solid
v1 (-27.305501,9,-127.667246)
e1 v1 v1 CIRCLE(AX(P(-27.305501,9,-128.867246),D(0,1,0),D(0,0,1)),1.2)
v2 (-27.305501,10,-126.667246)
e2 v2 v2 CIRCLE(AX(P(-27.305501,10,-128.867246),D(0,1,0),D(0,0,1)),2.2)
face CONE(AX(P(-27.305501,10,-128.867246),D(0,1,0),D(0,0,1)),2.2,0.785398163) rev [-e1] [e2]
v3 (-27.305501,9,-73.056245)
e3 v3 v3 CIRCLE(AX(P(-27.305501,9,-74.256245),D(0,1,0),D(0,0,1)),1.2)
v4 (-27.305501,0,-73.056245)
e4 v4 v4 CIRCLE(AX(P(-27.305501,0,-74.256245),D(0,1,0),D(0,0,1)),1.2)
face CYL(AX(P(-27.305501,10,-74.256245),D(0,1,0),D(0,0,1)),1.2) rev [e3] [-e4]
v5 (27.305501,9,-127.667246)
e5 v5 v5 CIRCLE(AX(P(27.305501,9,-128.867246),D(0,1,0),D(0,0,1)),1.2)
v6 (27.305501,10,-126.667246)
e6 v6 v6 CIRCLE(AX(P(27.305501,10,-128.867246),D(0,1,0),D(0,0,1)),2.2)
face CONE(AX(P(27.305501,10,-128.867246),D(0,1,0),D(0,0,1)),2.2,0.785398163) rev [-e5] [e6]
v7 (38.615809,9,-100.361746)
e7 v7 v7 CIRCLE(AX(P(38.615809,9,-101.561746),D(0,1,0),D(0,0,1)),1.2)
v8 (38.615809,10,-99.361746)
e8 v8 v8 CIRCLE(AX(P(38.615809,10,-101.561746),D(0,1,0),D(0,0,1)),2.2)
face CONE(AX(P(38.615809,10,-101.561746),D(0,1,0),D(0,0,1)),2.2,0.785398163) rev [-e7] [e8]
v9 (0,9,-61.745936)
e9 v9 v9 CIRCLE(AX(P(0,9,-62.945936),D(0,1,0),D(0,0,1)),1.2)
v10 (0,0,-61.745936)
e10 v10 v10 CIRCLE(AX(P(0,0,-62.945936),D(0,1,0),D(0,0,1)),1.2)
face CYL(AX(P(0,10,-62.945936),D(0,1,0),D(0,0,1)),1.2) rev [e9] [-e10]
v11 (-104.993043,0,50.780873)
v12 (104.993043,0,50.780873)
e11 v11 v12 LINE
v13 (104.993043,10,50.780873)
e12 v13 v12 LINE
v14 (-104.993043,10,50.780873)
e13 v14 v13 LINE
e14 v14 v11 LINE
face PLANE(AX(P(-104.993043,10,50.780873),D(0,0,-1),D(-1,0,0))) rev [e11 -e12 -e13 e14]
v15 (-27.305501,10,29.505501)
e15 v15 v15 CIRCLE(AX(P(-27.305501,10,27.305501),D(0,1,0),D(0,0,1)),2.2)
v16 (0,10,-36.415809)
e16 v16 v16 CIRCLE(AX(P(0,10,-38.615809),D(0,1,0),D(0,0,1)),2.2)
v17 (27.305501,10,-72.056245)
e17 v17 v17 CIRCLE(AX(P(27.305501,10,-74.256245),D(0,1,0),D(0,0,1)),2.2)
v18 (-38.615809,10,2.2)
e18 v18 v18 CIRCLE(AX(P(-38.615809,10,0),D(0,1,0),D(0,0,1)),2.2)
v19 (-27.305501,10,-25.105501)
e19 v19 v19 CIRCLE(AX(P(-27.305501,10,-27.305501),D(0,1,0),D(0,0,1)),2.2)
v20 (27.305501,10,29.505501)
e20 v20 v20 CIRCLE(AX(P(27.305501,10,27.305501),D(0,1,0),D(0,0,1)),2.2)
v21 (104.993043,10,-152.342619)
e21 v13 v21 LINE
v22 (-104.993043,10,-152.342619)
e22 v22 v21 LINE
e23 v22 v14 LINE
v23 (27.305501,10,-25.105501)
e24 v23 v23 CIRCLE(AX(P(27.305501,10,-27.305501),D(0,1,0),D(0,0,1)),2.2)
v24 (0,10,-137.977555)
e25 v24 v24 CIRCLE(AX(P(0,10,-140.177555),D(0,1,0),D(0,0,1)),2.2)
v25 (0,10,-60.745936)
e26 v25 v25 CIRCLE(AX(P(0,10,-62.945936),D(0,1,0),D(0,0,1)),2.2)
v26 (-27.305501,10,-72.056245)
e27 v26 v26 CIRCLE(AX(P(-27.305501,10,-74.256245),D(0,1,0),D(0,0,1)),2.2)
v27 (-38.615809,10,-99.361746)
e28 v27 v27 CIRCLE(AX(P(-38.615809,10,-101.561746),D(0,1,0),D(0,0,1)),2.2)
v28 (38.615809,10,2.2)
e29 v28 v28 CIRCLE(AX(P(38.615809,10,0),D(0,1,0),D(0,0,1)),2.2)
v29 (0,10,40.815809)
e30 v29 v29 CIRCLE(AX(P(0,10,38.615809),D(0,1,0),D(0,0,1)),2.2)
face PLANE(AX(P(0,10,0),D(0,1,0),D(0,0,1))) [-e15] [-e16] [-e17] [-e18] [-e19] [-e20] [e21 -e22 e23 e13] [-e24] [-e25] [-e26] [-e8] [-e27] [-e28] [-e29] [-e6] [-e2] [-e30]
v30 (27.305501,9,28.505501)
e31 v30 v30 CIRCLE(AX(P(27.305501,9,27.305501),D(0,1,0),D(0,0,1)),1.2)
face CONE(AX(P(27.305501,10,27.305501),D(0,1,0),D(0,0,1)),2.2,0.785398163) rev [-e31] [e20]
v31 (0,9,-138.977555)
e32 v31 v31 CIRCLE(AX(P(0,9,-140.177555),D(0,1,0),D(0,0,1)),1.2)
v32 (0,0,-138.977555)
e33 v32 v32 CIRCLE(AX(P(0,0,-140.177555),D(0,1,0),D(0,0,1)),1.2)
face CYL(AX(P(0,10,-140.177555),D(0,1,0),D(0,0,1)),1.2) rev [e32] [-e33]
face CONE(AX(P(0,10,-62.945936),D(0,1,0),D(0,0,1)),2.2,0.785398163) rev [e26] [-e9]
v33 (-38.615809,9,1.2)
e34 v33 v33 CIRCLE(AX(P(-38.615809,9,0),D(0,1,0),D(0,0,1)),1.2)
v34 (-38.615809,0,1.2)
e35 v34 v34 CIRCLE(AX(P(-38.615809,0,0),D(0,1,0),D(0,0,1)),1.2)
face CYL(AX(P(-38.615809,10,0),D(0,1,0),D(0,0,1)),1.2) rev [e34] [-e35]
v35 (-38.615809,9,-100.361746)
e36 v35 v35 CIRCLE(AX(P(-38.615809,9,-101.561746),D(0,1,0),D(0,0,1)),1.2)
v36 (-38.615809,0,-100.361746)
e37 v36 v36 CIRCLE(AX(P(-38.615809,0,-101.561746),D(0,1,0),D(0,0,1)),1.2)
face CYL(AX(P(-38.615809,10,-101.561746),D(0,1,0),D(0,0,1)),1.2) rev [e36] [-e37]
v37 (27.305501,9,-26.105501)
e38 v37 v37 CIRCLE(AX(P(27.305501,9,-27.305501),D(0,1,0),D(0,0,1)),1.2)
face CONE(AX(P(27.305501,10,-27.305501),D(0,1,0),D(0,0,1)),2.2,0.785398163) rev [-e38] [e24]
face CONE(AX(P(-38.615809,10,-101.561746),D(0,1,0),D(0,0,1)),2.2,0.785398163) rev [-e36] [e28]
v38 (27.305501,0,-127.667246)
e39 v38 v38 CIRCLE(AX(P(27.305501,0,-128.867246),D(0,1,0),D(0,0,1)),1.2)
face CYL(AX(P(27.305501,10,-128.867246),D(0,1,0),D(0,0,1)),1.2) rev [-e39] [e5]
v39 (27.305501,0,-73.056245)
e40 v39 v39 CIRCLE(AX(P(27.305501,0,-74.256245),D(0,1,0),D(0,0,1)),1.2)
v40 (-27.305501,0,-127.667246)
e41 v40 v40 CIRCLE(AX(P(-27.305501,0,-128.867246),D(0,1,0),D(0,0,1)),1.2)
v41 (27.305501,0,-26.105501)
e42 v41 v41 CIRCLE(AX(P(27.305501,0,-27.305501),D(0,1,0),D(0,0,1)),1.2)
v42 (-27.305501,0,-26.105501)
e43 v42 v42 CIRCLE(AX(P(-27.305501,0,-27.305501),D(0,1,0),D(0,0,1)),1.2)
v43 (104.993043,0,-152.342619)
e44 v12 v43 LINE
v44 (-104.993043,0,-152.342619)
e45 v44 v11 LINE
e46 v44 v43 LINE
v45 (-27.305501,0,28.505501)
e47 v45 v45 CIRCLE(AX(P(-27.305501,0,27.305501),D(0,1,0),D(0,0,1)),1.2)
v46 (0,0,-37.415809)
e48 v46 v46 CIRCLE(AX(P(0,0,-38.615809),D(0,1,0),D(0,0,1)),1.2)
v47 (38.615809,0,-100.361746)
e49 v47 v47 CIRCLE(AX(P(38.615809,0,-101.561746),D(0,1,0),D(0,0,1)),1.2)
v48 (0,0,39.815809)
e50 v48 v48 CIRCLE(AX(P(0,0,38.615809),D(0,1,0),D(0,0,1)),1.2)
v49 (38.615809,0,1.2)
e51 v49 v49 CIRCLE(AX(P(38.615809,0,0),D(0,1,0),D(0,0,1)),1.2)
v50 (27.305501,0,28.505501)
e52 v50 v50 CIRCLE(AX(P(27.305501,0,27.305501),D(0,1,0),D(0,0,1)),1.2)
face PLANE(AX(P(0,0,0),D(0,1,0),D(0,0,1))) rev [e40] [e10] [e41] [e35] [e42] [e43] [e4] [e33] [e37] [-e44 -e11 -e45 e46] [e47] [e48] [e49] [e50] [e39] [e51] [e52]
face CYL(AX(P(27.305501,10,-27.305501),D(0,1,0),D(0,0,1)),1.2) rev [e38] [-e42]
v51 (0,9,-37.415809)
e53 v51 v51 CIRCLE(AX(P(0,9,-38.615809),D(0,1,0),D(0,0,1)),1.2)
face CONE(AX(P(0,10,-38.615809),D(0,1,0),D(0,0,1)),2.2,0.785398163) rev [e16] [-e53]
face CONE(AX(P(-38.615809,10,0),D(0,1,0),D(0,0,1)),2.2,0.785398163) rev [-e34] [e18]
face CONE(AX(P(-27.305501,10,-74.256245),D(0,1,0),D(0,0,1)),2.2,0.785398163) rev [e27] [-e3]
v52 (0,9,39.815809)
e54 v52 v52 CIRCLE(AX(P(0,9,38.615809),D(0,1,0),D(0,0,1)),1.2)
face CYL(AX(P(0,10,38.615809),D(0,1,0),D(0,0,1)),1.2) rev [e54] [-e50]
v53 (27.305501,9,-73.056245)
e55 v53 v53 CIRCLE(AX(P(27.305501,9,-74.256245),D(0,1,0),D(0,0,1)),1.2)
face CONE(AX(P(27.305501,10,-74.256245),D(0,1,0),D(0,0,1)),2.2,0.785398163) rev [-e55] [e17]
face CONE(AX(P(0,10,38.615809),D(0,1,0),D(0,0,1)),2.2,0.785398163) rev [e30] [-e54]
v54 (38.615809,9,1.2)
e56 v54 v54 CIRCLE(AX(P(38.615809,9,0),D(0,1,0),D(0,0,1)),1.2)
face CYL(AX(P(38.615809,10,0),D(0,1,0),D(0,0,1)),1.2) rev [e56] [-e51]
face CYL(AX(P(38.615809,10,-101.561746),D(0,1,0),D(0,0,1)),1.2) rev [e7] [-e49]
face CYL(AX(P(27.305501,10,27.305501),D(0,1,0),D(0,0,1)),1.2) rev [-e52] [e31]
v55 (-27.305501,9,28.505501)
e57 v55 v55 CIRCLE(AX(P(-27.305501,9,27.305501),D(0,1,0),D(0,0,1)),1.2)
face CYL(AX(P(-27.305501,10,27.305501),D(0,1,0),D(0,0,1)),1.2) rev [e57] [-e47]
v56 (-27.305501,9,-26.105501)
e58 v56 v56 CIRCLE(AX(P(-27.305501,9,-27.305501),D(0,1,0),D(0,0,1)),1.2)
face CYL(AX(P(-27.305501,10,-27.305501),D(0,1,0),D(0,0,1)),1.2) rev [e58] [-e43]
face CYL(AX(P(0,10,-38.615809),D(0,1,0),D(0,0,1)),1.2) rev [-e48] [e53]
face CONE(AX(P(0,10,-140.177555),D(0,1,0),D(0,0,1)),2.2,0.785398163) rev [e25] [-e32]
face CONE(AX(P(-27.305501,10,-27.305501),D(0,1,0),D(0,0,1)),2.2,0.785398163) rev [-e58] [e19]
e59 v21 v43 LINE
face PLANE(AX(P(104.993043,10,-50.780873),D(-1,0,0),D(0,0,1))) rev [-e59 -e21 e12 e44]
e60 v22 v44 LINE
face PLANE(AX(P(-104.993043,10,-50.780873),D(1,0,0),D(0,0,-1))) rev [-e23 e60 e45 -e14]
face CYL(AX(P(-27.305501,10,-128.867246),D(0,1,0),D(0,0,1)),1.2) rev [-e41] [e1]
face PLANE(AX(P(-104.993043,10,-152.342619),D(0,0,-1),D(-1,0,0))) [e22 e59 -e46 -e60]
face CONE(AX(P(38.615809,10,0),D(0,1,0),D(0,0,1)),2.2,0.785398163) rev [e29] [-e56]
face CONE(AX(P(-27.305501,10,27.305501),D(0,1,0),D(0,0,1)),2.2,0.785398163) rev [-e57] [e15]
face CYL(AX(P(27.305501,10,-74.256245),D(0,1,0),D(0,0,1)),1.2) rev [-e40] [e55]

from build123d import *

# Parameters (mm, degrees)
SKETCH1_W                                       = 209.9860865
SKETCH1_H                                       = 101.561745788
BOSS_EXTRUDE1_DEPTH                             = 10
CSK_FOR_M2_FLAT_HEAD_MACHINE_SCREW1_D           = 2.4
CSK_FOR_M2_FLAT_HEAD_MACHINE_SCREW1_CSINK_D     = 4.4
CSK_FOR_M2_FLAT_HEAD_MACHINE_SCREW1_CSINK_ANGLE = 90
CIRPATTERN1_COUNT                               = 8
MIRROR1_COPY_1_D                                = 2.4
MIRROR1_COPY_1_CSINK_D                          = 4.4
MIRROR1_COPY_1_CSINK_ANGLE                      = 90
MIRROR1_COPY_2_D                                = 2.4
MIRROR1_COPY_2_CSINK_D                          = 4.4
MIRROR1_COPY_2_CSINK_ANGLE                      = 90
MIRROR1_COPY_3_D                                = 2.4
MIRROR1_COPY_3_CSINK_D                          = 4.4
MIRROR1_COPY_3_CSINK_ANGLE                      = 90
MIRROR1_COPY_4_D                                = 2.4
MIRROR1_COPY_4_CSINK_D                          = 4.4
MIRROR1_COPY_4_CSINK_ANGLE                      = 90
MIRROR1_COPY_5_D                                = 2.4
MIRROR1_COPY_5_CSINK_D                          = 4.4
MIRROR1_COPY_5_CSINK_ANGLE                      = 90
MIRROR1_COPY_6_D                                = 2.4
MIRROR1_COPY_6_CSINK_D                          = 4.4
MIRROR1_COPY_6_CSINK_ANGLE                      = 90
MIRROR1_COPY_7_D                                = 2.4
MIRROR1_COPY_7_CSINK_D                          = 4.4
MIRROR1_COPY_7_CSINK_ANGLE                      = 90


with BuildPart() as part:
    # Sketch1 → Boss-Extrude1 (new body)
    with BuildSketch(Plane(origin=(0, 0, 0), x_dir=(1, 0, 0), z_dir=(0, 1, 0))):
        Rectangle(SKETCH1_W, SKETCH1_H)
    boss_extrude1 = extrude(amount=BOSS_EXTRUDE1_DEPTH)

    # CSK for M2 Flat Head Machine Screw1 (through all)
    with Locations(Plane(origin=(-38.615809391, 10, 0), x_dir=(0, 0, 1), z_dir=(0, 1, 0))):
        with Locations((0, 0)):
            csk_for_m2_flat_head_machine_screw1 = CounterSinkHole(CSK_FOR_M2_FLAT_HEAD_MACHINE_SCREW1_D / 2, CSK_FOR_M2_FLAT_HEAD_MACHINE_SCREW1_CSINK_D / 2, counter_sink_angle=CSK_FOR_M2_FLAT_HEAD_MACHINE_SCREW1_CSINK_ANGLE)

    # CirPattern1: CSK for M2 Flat Head Machine Screw1 ×8 about axis
    cirpattern1_axis = Axis((0, 0, 0), (0, 1, 0))
    for i in range(1, CIRPATTERN1_COUNT):
        add(csk_for_m2_flat_head_machine_screw1.rotate(cirpattern1_axis, i * 360 / CIRPATTERN1_COUNT), mode=Mode.SUBTRACT)

    # Mirror1: Boss-Extrude1, CSK for M2 Flat Head Machine Screw1 across plane
    add(boss_extrude1.mirror(Plane(origin=(-104.99304325, 10, -50.780872894), x_dir=(1, 0, 0), z_dir=(0, 0, 1))))
    add(csk_for_m2_flat_head_machine_screw1.mirror(Plane(origin=(-104.99304325, 10, -50.780872894), x_dir=(1, 0, 0), z_dir=(0, 0, 1))), mode=Mode.SUBTRACT)

    # Mirror1 copy 1 (through all)
    with Locations(Plane(origin=(-27.305500681, 10, -128.867246469), x_dir=(0.7071067811865475, 0, -0.7071067811865476), z_dir=(0, 1, 0))):
        with Locations((0, 0)):
            CounterSinkHole(MIRROR1_COPY_1_D / 2, MIRROR1_COPY_1_CSINK_D / 2, counter_sink_angle=MIRROR1_COPY_1_CSINK_ANGLE)

    # Mirror1 copy 2 (through all)
    with Locations(Plane(origin=(0, 10, -140.177555179), x_dir=(1, 0, 0), z_dir=(0, 1, 0))):
        with Locations((0, 0)):
            CounterSinkHole(MIRROR1_COPY_2_D / 2, MIRROR1_COPY_2_CSINK_D / 2, counter_sink_angle=MIRROR1_COPY_2_CSINK_ANGLE)

    # Mirror1 copy 3 (through all)
    with Locations(Plane(origin=(27.305500681, 10, -128.867246469), x_dir=(0.7071067811865476, 0, 0.7071067811865475), z_dir=(0, 1, 0))):
        with Locations((0, 0)):
            CounterSinkHole(MIRROR1_COPY_3_D / 2, MIRROR1_COPY_3_CSINK_D / 2, counter_sink_angle=MIRROR1_COPY_3_CSINK_ANGLE)

    # Mirror1 copy 4 (through all)
    with Locations(Plane(origin=(38.615809391, 10, -101.561745788), x_dir=(0, 0, 1), z_dir=(0, 1, 0))):
        with Locations((0, 0)):
            CounterSinkHole(MIRROR1_COPY_4_D / 2, MIRROR1_COPY_4_CSINK_D / 2, counter_sink_angle=MIRROR1_COPY_4_CSINK_ANGLE)

    # Mirror1 copy 5 (through all)
    with Locations(Plane(origin=(27.305500681, 10, -74.256245106), x_dir=(-0.7071067811865475, 0, 0.7071067811865477), z_dir=(0, 1, 0))):
        with Locations((0, 0)):
            CounterSinkHole(MIRROR1_COPY_5_D / 2, MIRROR1_COPY_5_CSINK_D / 2, counter_sink_angle=MIRROR1_COPY_5_CSINK_ANGLE)

    # Mirror1 copy 6 (through all)
    with Locations(Plane(origin=(0, 10, -62.945936397), x_dir=(-1, 0, 0), z_dir=(0, 1, 0))):
        with Locations((0, 0)):
            CounterSinkHole(MIRROR1_COPY_6_D / 2, MIRROR1_COPY_6_CSINK_D / 2, counter_sink_angle=MIRROR1_COPY_6_CSINK_ANGLE)

    # Mirror1 copy 7 (through all)
    with Locations(Plane(origin=(-27.305500681, 10, -74.256245106), x_dir=(-0.7071067811865477, 0, -0.7071067811865474), z_dir=(0, 1, 0))):
        with Locations((0, 0)):
            CounterSinkHole(MIRROR1_COPY_7_D / 2, MIRROR1_COPY_7_CSINK_D / 2, counter_sink_angle=MIRROR1_COPY_7_CSINK_ANGLE)


solid = part.part
